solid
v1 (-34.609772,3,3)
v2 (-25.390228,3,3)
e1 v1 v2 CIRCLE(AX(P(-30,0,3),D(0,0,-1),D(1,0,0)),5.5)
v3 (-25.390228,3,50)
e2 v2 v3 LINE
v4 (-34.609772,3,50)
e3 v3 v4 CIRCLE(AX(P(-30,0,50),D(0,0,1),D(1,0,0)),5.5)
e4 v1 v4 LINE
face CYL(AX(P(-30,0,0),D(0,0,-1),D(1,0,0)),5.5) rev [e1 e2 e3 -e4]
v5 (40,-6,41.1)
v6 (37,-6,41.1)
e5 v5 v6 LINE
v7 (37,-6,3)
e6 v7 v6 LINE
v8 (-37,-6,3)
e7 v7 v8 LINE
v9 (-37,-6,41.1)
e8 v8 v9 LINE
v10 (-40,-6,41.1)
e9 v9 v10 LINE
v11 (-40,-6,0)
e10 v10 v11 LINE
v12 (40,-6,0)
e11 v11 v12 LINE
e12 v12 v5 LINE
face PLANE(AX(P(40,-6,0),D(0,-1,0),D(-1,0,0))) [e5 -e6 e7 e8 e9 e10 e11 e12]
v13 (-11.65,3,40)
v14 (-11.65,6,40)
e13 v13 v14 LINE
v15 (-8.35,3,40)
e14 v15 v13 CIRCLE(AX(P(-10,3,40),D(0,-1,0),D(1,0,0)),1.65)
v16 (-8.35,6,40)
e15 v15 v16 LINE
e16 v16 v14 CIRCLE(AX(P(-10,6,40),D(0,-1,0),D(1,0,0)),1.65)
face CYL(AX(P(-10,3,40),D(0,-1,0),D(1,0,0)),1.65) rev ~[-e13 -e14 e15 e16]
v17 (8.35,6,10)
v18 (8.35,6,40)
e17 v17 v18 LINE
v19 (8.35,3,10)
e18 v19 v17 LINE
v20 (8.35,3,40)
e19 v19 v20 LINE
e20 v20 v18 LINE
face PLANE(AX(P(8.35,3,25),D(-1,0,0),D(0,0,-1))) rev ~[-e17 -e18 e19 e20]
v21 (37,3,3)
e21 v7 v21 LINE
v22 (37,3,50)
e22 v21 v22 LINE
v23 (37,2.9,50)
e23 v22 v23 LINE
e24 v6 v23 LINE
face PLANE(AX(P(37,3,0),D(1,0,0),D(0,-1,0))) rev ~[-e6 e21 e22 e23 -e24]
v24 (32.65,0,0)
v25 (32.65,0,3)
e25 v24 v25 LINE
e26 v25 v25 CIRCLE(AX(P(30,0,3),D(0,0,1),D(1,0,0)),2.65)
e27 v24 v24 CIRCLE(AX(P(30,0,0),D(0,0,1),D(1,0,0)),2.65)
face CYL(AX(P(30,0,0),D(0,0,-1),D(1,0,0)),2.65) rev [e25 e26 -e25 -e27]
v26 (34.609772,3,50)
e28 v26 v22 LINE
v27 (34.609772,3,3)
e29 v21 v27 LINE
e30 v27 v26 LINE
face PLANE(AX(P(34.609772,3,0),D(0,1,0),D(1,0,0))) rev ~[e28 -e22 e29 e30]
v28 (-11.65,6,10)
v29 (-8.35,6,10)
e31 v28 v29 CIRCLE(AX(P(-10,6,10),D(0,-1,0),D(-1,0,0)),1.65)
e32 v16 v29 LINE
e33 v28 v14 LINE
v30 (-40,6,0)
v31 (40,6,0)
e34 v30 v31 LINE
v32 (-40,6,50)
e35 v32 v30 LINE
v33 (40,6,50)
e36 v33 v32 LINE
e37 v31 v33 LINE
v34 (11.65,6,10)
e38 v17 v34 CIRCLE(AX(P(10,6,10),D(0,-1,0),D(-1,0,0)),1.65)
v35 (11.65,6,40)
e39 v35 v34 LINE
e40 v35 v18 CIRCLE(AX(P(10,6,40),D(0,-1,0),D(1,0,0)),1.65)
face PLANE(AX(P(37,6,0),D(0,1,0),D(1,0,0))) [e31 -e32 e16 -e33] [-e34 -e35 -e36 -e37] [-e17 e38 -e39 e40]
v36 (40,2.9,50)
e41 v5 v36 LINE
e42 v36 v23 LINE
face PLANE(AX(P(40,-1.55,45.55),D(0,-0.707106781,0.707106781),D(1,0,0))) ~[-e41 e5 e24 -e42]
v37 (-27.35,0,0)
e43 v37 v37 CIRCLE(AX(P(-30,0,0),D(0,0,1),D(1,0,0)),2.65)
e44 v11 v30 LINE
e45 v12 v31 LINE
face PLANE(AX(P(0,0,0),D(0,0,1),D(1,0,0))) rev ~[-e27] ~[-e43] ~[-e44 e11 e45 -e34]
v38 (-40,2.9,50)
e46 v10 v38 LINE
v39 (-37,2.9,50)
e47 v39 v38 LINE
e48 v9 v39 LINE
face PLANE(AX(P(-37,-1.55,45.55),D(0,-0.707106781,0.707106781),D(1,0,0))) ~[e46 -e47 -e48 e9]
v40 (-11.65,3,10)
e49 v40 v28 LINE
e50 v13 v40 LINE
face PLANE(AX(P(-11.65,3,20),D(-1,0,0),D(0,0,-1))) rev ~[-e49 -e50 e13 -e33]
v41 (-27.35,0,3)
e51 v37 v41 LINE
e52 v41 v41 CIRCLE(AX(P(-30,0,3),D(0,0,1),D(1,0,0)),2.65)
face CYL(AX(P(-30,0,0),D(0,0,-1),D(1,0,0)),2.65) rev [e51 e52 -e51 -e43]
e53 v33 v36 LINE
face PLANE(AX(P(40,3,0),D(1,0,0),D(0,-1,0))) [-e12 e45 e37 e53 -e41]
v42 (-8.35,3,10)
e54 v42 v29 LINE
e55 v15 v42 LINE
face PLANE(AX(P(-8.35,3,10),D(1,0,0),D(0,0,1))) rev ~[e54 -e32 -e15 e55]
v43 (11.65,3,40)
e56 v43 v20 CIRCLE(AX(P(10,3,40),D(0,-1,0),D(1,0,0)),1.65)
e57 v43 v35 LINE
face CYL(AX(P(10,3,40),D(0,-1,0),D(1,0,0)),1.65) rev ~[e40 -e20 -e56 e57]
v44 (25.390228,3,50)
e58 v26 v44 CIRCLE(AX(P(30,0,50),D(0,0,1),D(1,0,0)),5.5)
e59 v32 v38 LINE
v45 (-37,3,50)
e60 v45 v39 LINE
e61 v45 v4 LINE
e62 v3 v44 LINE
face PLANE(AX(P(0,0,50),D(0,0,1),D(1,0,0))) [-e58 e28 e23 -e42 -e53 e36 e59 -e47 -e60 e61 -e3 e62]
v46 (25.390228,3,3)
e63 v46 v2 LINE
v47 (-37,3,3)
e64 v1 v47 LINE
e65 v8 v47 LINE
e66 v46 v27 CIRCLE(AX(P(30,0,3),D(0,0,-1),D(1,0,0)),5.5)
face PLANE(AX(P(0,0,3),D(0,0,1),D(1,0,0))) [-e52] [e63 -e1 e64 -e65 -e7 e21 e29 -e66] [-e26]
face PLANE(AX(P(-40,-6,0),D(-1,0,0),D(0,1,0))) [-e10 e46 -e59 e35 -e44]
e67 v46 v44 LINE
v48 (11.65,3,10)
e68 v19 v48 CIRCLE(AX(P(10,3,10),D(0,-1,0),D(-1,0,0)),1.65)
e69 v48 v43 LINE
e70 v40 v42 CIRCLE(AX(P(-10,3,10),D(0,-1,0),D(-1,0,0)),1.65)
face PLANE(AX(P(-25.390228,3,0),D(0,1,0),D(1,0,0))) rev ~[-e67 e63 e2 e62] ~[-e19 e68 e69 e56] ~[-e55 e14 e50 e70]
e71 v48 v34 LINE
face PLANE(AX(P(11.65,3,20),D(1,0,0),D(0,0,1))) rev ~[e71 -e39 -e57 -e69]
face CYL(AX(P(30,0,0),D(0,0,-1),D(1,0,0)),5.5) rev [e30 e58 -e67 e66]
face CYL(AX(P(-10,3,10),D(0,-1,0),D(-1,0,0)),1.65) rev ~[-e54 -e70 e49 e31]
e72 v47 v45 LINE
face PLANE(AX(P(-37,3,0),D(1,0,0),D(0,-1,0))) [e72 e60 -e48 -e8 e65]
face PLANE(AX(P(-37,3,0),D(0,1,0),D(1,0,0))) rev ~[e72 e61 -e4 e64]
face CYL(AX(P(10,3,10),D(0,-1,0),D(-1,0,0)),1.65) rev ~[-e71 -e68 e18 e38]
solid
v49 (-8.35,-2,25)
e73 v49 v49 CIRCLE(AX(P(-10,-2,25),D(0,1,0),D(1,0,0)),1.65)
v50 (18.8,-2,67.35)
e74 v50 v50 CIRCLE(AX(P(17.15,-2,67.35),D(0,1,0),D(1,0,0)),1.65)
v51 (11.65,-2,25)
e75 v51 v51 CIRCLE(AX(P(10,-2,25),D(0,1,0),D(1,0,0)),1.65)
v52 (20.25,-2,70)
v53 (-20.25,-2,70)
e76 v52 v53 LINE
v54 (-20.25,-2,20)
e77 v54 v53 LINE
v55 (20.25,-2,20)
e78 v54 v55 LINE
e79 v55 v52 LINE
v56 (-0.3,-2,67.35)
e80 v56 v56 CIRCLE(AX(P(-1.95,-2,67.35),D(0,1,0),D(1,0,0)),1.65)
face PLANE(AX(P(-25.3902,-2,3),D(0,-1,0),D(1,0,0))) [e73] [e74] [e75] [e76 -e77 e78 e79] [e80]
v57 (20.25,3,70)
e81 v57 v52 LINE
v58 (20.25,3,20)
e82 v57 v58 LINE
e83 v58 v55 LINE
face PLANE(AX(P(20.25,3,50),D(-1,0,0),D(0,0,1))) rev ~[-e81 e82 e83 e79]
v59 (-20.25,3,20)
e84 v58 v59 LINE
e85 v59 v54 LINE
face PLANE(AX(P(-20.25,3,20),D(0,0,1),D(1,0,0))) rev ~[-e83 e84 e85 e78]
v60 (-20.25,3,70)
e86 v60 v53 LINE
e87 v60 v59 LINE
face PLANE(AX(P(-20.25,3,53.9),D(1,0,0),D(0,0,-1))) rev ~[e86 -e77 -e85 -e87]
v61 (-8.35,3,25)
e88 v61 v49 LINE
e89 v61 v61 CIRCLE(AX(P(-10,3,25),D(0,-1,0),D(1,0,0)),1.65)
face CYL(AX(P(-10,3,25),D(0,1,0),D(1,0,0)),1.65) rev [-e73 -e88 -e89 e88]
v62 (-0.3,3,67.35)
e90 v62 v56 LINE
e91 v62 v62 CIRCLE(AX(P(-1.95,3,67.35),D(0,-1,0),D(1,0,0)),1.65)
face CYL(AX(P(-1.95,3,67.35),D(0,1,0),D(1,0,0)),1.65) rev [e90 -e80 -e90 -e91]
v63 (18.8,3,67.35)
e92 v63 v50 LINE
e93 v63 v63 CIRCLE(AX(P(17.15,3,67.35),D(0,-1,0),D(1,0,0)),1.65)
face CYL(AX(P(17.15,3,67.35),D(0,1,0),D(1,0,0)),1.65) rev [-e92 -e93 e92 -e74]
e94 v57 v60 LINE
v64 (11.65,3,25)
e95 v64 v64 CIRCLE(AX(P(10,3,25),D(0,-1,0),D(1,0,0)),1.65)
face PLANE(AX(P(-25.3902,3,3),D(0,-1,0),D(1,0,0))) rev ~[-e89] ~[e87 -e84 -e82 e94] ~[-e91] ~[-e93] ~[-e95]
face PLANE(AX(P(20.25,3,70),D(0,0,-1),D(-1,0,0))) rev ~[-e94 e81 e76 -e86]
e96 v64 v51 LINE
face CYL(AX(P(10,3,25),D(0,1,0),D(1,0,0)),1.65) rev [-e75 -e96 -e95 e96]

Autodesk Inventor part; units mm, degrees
ref_plane "YZ Plane" through (0, 0, 0) normal (1, 0, 0) x (0, 1, 0)
ref_plane "XZ Plane" through (0, 0, 0) normal (0, 1, 0) x (-1, 0, 0)
ref_plane "XY Plane" through (0, 0, 0) normal (0, 0, 1) x (1, 0, 0)
sketch "Sketch1" plane through (0, 0, 0) normal (0, 0, 1) x (1, 0, 0)
  line L0 (40, -6) -> (-40, -6)
  line L1 (-40, -6) -> (-40, 6)
  line L2 (-40, 6) -> (40, 6)
  line L3 (40, 6) -> (40, -6)
  line L4 (40, -6) -> (-40, 6) construction
  line L5 (-40, -6) -> (40, 6) construction
  line L6 (-30, 0) -> (30, 0) construction
  circle A0 centre (-30, 0) radius 2.65
  circle A1 centre (30, 0) radius 2.65
  circle A2 centre (-30, 0) radius 5.5
  circle A3 centre (30, 0) radius 5.5
  line L7 (-40, 3) -> (40, 3)
  line L8 (-37, 6) -> (-37, -6)
  line L9 (37, 6) -> (37, -6)
  point P0 (0, 0)
  point P1 (-37, 3)
  point P2 (-34.6098, 3)
  point P3 (-25.3902, 3)
  point P4 (25.3902, 3)
  point P5 (34.6098, 3)
  point P6 (37, 3)
  dimension "d0" = 80
  dimension "d1" = 12
  dimension "d2" = 60
  dimension "d3" = 5.3
  dimension "d4" = 5.3
  dimension "d5" = 11
  dimension "d6" = 11
  dimension "d7" = 3
  dimension "d8" = 3
  dimension "d9" = 3
extrude "Extrusion1" add sketch "Sketch1" along normal blind 3
extrude "Extrusion2" add sketch "Sketch1" along normal blind 50 contours L0 L9 L7 L3 | L7 L9 L2 L3 | L0 L1 L7 L8 | L7 A3 A2 L8 L2 L9 | L7 L1 L2 L8
chamfer "Chamfer1" distance 8.9 angle 45 2 edges at (-38.5, -6, 50) (38.5, -6, 50)
sketch "Sketch2" plane through (-25.3902, 3, 3) normal (0, -1, 0) x (1, 0, 0)
  line L0 (0, 47) -> (50.7805, 47) projected
  line L1 (25.3902, 47) -> (25.3902, 22) construction
  line L2 (35.3902, 22) -> (15.3902, 22) construction
  line L3 (35.3902, 7) -> (35.3902, 37) construction
  line L4 (37.0402, 7) -> (37.0402, 37)
  line L5 (33.7402, 37) -> (33.7402, 7)
  arc A0 (33.7402, 7) -> (37.0402, 7) centre (35.3902, 7) ccw
  arc A1 (37.0402, 37) -> (33.7402, 37) centre (35.3902, 37) ccw
  line L6 (15.3902, 7) -> (15.3902, 37) construction
  line L7 (17.0402, 7) -> (17.0402, 37)
  line L8 (13.7402, 37) -> (13.7402, 7)
  arc A2 (13.7402, 7) -> (17.0402, 7) centre (15.3902, 7) ccw
  arc A3 (17.0402, 37) -> (13.7402, 37) centre (15.3902, 37) ccw
  circle A4 centre (35.3902, 22) radius 1.65
  circle A5 centre (15.3902, 22) radius 1.65
  line L9 (45.6402, 67) -> (5.1402, 67)
  line L10 (5.1402, 67) -> (5.1402, 17)
  line L11 (5.1402, 17) -> (45.6402, 17)
  line L12 (45.6402, 17) -> (45.6402, 67)
  circle A6 centre (23.4402, 64.35) radius 1.65
  line L13 (42.5402, 64.35) -> (23.4402, 64.35) construction
  line L14 (45.6402, 50.9) -> (45.6402, 67)
  line L15 (5.1402, 50.9) -> (45.6402, 50.9)
  line L16 (5.1402, 67) -> (5.1402, 50.9)
  line L17 (45.6402, 67) -> (5.1402, 67)
  circle A7 centre (42.5402, 64.35) radius 1.65
  line L18 (25.3902, 22) -> (25.3902, 17)
  point P0 (25.3902, -3)
  dimension "d17" = 20
  dimension "d18" = 1.65
  dimension "d19" = 30
  dimension "d20" = 25
  dimension "d23" = 5
  dimension "d24" = 20
  dimension "d36" = 40.5
  dimension "d37" = 16.1
  dimension "d38" = 19.1
  dimension "d39" = 3.3
  dimension "d40" = 3.3
  dimension "d41" = 2.65
  dimension "d42" = 3.1
extrude "Extrusion3" cut sketch "Sketch2" against normal through all contours L11 L7 A2 L8 | L8 A5 L7 L11 | L11 L5 A4 L4 | L4 A0 L5 L11 | L8 A3 L7 A5 | A5 | A4 L5 A1 L4 | A4
extrude "Extrusion4" add sketch "Sketch2" along normal blind 5 separate body contours L10 L15 L12 L0 | L0 L12 L11 L4 A1 L5 L7 A3 L8 L10 | L10 L9 L12 L15 | L8 A5 L7 L11 | L11 L5 A4 L4 | L8 A3 L7 A5 | A4 L5 A1 L4 | A6 | A7
extrude "Extrusion5" cut sketch "Sketch2" along normal through all contours A6 | A7 bodies 1 2
properties part number "Soporte Y"
